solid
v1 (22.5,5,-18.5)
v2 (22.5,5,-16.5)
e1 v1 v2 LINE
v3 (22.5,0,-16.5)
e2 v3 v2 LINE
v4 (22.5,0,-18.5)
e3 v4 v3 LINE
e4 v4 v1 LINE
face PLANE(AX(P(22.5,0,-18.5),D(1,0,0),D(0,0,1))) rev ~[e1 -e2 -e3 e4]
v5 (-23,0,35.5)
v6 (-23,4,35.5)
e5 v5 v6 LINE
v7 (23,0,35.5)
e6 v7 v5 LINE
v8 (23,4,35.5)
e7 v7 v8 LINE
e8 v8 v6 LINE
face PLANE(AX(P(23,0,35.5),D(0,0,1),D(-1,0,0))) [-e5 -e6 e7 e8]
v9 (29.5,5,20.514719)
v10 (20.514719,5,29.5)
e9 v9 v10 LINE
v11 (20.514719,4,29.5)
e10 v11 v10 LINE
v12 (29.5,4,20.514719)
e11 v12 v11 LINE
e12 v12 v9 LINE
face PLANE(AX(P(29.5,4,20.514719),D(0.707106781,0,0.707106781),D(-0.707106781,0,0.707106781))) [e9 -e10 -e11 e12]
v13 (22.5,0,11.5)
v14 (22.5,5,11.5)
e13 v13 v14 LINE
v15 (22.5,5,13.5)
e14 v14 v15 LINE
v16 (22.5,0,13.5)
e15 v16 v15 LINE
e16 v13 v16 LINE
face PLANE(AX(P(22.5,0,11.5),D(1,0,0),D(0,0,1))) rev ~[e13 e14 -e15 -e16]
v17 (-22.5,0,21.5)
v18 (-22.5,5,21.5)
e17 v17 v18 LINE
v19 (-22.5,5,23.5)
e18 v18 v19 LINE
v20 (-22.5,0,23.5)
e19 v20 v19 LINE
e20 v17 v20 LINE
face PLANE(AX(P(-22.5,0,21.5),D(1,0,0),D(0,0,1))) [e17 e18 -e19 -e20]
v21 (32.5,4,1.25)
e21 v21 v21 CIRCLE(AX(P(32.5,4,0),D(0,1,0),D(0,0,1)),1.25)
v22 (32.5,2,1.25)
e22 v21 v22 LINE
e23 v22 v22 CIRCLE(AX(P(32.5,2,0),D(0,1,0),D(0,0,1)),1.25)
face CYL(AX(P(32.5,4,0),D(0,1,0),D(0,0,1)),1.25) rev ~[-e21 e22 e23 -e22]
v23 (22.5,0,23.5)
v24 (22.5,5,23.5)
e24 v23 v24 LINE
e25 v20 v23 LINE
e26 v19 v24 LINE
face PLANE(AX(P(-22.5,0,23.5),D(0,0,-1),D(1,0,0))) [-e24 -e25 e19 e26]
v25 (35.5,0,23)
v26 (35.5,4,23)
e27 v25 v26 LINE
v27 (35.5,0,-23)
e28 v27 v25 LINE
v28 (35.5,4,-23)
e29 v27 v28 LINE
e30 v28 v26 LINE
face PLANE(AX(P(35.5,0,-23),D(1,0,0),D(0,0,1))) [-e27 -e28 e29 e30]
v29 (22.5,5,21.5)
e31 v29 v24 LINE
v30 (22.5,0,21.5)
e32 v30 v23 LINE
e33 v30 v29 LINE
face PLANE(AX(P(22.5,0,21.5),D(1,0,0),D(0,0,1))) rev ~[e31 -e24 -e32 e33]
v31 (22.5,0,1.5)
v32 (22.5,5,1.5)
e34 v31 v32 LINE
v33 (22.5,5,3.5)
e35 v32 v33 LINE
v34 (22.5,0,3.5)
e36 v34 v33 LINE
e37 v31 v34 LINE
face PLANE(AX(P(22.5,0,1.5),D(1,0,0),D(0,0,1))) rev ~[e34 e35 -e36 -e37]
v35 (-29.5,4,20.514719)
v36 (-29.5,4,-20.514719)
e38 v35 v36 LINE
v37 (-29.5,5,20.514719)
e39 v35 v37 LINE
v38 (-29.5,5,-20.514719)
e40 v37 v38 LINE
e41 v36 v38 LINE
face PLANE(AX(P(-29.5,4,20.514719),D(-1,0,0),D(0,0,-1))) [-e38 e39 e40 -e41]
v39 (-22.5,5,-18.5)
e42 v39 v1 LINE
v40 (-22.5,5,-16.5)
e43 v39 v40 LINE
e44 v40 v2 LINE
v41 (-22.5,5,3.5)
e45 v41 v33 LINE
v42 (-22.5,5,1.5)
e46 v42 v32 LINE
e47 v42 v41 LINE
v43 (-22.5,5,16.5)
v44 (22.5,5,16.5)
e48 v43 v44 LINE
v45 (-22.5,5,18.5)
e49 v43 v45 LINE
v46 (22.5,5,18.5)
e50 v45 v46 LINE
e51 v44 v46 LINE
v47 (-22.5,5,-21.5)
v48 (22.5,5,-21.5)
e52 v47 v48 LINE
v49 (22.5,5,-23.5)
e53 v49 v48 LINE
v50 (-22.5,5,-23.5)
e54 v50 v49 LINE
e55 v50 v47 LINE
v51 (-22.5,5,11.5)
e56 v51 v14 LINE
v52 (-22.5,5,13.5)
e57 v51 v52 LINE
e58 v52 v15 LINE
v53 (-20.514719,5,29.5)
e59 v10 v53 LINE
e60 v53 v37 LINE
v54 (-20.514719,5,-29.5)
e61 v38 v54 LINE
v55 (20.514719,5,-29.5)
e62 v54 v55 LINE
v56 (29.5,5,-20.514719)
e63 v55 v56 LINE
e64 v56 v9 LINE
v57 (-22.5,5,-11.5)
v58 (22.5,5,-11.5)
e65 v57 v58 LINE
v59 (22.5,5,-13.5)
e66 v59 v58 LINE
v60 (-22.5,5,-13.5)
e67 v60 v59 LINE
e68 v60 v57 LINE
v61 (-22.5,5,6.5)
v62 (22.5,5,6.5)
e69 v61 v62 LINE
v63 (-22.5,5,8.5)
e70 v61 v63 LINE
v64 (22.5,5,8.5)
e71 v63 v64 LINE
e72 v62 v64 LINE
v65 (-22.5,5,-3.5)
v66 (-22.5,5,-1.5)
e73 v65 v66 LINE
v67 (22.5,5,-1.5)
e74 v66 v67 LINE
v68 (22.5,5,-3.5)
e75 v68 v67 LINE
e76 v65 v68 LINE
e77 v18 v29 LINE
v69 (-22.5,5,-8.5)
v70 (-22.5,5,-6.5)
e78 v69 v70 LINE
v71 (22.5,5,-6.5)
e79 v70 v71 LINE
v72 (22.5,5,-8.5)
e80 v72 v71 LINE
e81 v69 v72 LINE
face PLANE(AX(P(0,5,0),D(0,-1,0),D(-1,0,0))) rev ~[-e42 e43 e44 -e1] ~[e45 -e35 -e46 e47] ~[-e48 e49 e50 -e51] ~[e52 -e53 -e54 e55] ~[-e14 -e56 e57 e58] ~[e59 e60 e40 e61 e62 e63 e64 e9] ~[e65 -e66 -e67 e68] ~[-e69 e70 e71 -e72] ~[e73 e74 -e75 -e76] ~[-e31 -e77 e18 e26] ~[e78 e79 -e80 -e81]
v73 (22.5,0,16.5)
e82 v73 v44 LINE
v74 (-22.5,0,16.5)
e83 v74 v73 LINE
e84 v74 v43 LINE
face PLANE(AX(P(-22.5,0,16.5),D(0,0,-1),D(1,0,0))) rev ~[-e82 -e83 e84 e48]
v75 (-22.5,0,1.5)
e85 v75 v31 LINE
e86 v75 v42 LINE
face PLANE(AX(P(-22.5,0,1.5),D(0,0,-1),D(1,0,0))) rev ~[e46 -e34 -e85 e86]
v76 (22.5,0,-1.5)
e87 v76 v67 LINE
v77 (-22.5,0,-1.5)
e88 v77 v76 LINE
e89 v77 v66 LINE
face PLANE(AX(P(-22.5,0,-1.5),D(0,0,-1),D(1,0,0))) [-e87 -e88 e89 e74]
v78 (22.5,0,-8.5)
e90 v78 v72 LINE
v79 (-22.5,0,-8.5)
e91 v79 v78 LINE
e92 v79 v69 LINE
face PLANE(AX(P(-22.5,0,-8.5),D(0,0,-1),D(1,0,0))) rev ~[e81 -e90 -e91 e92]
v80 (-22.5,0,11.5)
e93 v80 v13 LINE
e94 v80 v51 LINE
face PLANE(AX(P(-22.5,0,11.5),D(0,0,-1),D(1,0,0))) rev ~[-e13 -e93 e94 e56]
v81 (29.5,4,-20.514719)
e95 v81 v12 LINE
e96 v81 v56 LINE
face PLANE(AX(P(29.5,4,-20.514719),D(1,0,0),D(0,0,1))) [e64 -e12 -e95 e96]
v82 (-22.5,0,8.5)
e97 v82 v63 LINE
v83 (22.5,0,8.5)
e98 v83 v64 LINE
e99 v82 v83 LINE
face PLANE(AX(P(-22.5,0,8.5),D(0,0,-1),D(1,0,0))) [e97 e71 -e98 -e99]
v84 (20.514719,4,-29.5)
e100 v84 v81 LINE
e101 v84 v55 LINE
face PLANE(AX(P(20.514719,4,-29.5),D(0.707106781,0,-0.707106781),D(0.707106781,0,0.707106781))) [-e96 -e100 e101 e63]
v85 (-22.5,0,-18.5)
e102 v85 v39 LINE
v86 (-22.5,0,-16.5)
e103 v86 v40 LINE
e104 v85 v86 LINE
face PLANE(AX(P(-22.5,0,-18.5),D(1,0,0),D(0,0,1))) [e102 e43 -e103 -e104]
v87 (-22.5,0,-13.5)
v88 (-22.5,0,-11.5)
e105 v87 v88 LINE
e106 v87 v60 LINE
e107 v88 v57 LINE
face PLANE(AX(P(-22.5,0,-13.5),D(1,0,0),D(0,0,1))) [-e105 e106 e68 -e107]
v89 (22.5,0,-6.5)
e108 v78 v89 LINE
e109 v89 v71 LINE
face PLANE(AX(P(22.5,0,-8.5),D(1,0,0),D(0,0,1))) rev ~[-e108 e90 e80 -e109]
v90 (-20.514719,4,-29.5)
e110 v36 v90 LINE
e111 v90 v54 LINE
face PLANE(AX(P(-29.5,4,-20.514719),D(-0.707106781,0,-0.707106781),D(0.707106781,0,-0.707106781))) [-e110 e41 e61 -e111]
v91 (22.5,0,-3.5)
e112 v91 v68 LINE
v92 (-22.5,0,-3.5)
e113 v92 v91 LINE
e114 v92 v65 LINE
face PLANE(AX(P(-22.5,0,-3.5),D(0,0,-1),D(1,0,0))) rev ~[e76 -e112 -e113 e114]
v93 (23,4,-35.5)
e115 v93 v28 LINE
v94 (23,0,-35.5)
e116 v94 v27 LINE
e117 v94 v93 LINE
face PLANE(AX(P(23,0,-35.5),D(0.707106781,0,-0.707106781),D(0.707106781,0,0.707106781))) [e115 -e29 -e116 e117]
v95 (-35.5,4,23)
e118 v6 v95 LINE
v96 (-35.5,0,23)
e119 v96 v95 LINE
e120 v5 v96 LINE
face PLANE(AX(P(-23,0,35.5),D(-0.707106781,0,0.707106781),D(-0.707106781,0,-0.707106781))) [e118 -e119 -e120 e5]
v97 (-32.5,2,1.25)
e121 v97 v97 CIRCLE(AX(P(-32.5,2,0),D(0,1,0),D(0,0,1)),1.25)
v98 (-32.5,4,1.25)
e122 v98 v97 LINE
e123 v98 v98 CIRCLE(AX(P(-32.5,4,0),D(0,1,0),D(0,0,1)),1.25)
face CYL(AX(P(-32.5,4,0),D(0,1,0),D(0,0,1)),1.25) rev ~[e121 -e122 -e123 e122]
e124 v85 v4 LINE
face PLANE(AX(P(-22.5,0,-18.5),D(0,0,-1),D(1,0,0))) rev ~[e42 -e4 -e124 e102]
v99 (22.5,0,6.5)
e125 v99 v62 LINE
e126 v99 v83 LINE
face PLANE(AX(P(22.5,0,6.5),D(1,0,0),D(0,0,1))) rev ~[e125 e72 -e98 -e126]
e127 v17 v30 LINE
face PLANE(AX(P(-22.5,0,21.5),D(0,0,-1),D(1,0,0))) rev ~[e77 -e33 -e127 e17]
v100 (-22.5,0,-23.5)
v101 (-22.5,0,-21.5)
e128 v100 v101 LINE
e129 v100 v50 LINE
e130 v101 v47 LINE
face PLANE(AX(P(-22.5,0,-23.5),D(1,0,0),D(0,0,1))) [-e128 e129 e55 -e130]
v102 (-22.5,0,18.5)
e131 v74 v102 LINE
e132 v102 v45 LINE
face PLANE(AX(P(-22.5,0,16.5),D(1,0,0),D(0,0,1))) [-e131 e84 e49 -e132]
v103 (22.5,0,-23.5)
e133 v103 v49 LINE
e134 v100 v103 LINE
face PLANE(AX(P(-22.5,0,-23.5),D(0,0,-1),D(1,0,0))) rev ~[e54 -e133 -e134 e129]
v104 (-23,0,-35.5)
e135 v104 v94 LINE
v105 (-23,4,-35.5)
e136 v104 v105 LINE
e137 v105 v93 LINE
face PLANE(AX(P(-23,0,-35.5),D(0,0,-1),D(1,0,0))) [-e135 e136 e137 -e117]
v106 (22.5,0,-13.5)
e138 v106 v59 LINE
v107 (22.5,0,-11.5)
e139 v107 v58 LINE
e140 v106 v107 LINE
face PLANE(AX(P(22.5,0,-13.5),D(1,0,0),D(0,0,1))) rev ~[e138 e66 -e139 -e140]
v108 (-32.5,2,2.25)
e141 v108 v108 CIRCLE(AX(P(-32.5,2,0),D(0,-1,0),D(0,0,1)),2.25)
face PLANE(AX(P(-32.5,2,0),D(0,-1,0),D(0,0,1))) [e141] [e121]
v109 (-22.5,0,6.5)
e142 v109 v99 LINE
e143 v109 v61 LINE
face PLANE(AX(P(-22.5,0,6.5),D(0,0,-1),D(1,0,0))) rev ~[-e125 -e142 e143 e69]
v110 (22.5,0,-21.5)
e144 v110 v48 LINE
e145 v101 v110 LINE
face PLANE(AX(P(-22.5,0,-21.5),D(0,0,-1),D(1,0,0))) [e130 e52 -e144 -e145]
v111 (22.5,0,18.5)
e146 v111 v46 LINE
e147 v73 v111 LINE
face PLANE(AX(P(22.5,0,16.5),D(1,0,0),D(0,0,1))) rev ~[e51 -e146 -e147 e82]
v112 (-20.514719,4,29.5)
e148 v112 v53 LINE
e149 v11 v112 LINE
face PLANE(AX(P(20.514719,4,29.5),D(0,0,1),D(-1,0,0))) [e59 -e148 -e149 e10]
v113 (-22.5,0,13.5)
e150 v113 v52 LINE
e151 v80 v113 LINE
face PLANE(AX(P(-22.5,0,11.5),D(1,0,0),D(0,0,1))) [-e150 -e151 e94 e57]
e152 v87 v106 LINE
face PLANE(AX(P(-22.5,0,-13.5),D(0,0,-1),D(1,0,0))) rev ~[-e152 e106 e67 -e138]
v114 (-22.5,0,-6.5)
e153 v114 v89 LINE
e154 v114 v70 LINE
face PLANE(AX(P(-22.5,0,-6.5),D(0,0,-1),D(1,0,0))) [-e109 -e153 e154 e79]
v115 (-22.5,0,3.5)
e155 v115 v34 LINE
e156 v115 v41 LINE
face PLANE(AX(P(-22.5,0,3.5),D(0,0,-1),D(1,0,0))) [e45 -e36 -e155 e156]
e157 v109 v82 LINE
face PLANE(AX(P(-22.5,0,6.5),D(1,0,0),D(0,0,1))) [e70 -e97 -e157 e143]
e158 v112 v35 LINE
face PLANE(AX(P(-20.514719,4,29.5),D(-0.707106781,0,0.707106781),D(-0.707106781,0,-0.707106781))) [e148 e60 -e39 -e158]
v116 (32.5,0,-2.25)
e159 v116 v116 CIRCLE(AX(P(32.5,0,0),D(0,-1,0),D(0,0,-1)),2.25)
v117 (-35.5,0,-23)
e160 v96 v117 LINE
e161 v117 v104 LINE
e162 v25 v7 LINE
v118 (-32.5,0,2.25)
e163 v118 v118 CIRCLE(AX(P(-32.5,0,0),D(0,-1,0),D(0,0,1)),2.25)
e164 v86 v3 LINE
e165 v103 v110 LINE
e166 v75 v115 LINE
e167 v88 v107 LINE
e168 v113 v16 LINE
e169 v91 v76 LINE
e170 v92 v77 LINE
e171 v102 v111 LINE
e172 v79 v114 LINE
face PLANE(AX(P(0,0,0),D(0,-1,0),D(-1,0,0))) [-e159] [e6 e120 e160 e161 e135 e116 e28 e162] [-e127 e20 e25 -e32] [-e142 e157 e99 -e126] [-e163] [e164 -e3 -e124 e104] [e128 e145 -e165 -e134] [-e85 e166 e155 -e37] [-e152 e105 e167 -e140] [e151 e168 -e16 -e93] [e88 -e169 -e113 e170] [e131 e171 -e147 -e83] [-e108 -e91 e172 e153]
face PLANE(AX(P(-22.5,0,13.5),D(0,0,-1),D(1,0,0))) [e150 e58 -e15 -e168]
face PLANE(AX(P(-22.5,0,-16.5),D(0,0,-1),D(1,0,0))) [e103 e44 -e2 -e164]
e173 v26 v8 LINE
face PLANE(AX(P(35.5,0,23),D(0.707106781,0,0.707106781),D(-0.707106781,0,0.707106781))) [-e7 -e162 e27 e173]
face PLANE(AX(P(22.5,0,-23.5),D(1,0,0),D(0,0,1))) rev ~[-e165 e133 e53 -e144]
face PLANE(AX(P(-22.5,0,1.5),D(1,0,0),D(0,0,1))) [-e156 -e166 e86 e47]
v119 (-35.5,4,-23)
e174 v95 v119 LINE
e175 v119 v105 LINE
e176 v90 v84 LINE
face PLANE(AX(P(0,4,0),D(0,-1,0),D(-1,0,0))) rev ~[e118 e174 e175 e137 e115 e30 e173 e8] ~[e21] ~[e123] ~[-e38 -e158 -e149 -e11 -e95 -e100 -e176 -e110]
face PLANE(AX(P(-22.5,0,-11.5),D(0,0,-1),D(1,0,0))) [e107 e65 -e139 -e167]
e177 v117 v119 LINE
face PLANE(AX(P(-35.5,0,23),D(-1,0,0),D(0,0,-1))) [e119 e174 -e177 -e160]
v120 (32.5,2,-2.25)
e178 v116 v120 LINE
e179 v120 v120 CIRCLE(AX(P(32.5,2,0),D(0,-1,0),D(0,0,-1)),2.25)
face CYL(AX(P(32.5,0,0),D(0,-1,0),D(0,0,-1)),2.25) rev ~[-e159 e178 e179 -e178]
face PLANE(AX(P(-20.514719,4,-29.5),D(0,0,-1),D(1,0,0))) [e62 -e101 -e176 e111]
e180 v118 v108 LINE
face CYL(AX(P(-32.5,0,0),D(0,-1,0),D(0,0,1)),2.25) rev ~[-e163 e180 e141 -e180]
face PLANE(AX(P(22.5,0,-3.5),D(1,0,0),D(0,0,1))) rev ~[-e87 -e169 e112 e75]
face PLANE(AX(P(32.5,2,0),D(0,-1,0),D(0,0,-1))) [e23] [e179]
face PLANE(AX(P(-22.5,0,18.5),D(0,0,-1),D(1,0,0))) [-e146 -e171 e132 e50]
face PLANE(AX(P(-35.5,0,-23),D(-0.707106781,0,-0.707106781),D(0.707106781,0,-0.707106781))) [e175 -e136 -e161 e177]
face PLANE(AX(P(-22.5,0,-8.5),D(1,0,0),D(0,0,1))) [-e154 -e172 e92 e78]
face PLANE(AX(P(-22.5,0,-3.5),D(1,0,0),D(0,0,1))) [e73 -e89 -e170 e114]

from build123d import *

# Parameters (mm, degrees)
BOSS_EXTRUDE1_DEPTH = 4
BOSS_EXTRUDE3_START = 4
BOSS_EXTRUDE3_DEPTH = 1
CUT_EXTRUDE2_REACH  = 52.364
SKETCH5_R           = 1.25
SKETCH6_R           = 2.25
CUT_EXTRUDE3_DEPTH  = 2
SKETCH7_W           = 45
SKETCH7_H           = 2
CUT_EXTRUDE4_DEPTH  = 10


with BuildPart() as part:
    # Sketch1 → Boss-Extrude1 (new body)
    with BuildSketch(Plane(origin=(0, 0, 0), x_dir=(1, 0, 0), z_dir=(0, 1, 0))):
        Polygon((-35.5, 23), (-23, 35.5), (23, 35.5), (35.5, 23), (35.5, -23), (23, -35.5), (-23, -35.5), (-35.5, -23), align=None)
    extrude(amount=BOSS_EXTRUDE1_DEPTH)

    # Sketch3 → Boss-Extrude3 (add)
    with BuildSketch(Plane(origin=(0, 0, 0), x_dir=(1, 0, 0), z_dir=(0, 1, 0)).offset(BOSS_EXTRUDE3_START)):
        Polygon((-29.5, 20.514718626), (-20.514718626, 29.5), (20.514718626, 29.5), (29.5, 20.514718626), (29.5, -20.514718626), (20.514718626, -29.5), (-20.514718626, -29.5), (-29.5, -20.514718626), align=None)
    extrude(amount=BOSS_EXTRUDE3_DEPTH)

    # Sketch5 → Cut-Extrude2 (cut, up to next)
    with BuildSketch(Plane(origin=(0, 4, 0), x_dir=(1, 0, 0), z_dir=(0, 1, 0)), mode=Mode.PRIVATE) as cut_extrude2_sk1:
        with Locations(Location((32.5, 0, 0), (0, 0, 270))):
            Circle(SKETCH5_R)
    cut_extrude2_tool1 = extrude(cut_extrude2_sk1.sketch, amount=-CUT_EXTRUDE2_REACH, mode=Mode.PRIVATE) & part.part
    # Sketch5 → Cut-Extrude2 (cut, up to next)
    with BuildSketch(Plane(origin=(0, 4, 0), x_dir=(1, 0, 0), z_dir=(0, 1, 0)), mode=Mode.PRIVATE) as cut_extrude2_sk2:
        with Locations(Location((-32.5, 0, 0), (0, 0, 270))):
            Circle(SKETCH5_R)
    cut_extrude2_tool2 = extrude(cut_extrude2_sk2.sketch, amount=-CUT_EXTRUDE2_REACH, mode=Mode.PRIVATE) & part.part
    add(cut_extrude2_tool1.solids().sort_by_distance((32.5, 4, 0))[0], mode=Mode.SUBTRACT)
    add(cut_extrude2_tool2.solids().sort_by_distance((-32.5, 4, 0))[0], mode=Mode.SUBTRACT)

    # Sketch6 → Cut-Extrude3 (cut)
    with BuildSketch(Plane.XZ):
        with Locations(Location((32.5, 0, 0), (0, 0, 270))):
            Circle(SKETCH6_R)
        with Locations(Location((-32.5, 0, 0), (0, 0, 90))):
            Circle(SKETCH6_R)
    extrude(amount=-CUT_EXTRUDE3_DEPTH, mode=Mode.SUBTRACT)

    # Sketch7 → Cut-Extrude4 (cut)
    with BuildSketch(Plane.XZ):
        with Locations((0, 22.5)):
            Rectangle(SKETCH7_W, SKETCH7_H)
        with Locations((0, 17.5)):
            Rectangle(SKETCH7_W, SKETCH7_H)
        with Locations((0, 12.5)):
            Rectangle(SKETCH7_W, SKETCH7_H)
        with Locations((0, 7.5)):
            Rectangle(SKETCH7_W, SKETCH7_H)
        with Locations((0, 2.5)):
            Rectangle(SKETCH7_W, SKETCH7_H)
        with Locations((0, -2.5)):
            Rectangle(SKETCH7_W, SKETCH7_H)
        with Locations((0, -7.5)):
            Rectangle(SKETCH7_W, SKETCH7_H)
        with Locations((0, -12.5)):
            Rectangle(SKETCH7_W, SKETCH7_H)
        with Locations((0, -17.5)):
            Rectangle(SKETCH7_W, SKETCH7_H)
        with Locations((0, -22.5)):
            Rectangle(SKETCH7_W, SKETCH7_H)
    extrude(amount=-CUT_EXTRUDE4_DEPTH, mode=Mode.SUBTRACT)


solid = part.part
